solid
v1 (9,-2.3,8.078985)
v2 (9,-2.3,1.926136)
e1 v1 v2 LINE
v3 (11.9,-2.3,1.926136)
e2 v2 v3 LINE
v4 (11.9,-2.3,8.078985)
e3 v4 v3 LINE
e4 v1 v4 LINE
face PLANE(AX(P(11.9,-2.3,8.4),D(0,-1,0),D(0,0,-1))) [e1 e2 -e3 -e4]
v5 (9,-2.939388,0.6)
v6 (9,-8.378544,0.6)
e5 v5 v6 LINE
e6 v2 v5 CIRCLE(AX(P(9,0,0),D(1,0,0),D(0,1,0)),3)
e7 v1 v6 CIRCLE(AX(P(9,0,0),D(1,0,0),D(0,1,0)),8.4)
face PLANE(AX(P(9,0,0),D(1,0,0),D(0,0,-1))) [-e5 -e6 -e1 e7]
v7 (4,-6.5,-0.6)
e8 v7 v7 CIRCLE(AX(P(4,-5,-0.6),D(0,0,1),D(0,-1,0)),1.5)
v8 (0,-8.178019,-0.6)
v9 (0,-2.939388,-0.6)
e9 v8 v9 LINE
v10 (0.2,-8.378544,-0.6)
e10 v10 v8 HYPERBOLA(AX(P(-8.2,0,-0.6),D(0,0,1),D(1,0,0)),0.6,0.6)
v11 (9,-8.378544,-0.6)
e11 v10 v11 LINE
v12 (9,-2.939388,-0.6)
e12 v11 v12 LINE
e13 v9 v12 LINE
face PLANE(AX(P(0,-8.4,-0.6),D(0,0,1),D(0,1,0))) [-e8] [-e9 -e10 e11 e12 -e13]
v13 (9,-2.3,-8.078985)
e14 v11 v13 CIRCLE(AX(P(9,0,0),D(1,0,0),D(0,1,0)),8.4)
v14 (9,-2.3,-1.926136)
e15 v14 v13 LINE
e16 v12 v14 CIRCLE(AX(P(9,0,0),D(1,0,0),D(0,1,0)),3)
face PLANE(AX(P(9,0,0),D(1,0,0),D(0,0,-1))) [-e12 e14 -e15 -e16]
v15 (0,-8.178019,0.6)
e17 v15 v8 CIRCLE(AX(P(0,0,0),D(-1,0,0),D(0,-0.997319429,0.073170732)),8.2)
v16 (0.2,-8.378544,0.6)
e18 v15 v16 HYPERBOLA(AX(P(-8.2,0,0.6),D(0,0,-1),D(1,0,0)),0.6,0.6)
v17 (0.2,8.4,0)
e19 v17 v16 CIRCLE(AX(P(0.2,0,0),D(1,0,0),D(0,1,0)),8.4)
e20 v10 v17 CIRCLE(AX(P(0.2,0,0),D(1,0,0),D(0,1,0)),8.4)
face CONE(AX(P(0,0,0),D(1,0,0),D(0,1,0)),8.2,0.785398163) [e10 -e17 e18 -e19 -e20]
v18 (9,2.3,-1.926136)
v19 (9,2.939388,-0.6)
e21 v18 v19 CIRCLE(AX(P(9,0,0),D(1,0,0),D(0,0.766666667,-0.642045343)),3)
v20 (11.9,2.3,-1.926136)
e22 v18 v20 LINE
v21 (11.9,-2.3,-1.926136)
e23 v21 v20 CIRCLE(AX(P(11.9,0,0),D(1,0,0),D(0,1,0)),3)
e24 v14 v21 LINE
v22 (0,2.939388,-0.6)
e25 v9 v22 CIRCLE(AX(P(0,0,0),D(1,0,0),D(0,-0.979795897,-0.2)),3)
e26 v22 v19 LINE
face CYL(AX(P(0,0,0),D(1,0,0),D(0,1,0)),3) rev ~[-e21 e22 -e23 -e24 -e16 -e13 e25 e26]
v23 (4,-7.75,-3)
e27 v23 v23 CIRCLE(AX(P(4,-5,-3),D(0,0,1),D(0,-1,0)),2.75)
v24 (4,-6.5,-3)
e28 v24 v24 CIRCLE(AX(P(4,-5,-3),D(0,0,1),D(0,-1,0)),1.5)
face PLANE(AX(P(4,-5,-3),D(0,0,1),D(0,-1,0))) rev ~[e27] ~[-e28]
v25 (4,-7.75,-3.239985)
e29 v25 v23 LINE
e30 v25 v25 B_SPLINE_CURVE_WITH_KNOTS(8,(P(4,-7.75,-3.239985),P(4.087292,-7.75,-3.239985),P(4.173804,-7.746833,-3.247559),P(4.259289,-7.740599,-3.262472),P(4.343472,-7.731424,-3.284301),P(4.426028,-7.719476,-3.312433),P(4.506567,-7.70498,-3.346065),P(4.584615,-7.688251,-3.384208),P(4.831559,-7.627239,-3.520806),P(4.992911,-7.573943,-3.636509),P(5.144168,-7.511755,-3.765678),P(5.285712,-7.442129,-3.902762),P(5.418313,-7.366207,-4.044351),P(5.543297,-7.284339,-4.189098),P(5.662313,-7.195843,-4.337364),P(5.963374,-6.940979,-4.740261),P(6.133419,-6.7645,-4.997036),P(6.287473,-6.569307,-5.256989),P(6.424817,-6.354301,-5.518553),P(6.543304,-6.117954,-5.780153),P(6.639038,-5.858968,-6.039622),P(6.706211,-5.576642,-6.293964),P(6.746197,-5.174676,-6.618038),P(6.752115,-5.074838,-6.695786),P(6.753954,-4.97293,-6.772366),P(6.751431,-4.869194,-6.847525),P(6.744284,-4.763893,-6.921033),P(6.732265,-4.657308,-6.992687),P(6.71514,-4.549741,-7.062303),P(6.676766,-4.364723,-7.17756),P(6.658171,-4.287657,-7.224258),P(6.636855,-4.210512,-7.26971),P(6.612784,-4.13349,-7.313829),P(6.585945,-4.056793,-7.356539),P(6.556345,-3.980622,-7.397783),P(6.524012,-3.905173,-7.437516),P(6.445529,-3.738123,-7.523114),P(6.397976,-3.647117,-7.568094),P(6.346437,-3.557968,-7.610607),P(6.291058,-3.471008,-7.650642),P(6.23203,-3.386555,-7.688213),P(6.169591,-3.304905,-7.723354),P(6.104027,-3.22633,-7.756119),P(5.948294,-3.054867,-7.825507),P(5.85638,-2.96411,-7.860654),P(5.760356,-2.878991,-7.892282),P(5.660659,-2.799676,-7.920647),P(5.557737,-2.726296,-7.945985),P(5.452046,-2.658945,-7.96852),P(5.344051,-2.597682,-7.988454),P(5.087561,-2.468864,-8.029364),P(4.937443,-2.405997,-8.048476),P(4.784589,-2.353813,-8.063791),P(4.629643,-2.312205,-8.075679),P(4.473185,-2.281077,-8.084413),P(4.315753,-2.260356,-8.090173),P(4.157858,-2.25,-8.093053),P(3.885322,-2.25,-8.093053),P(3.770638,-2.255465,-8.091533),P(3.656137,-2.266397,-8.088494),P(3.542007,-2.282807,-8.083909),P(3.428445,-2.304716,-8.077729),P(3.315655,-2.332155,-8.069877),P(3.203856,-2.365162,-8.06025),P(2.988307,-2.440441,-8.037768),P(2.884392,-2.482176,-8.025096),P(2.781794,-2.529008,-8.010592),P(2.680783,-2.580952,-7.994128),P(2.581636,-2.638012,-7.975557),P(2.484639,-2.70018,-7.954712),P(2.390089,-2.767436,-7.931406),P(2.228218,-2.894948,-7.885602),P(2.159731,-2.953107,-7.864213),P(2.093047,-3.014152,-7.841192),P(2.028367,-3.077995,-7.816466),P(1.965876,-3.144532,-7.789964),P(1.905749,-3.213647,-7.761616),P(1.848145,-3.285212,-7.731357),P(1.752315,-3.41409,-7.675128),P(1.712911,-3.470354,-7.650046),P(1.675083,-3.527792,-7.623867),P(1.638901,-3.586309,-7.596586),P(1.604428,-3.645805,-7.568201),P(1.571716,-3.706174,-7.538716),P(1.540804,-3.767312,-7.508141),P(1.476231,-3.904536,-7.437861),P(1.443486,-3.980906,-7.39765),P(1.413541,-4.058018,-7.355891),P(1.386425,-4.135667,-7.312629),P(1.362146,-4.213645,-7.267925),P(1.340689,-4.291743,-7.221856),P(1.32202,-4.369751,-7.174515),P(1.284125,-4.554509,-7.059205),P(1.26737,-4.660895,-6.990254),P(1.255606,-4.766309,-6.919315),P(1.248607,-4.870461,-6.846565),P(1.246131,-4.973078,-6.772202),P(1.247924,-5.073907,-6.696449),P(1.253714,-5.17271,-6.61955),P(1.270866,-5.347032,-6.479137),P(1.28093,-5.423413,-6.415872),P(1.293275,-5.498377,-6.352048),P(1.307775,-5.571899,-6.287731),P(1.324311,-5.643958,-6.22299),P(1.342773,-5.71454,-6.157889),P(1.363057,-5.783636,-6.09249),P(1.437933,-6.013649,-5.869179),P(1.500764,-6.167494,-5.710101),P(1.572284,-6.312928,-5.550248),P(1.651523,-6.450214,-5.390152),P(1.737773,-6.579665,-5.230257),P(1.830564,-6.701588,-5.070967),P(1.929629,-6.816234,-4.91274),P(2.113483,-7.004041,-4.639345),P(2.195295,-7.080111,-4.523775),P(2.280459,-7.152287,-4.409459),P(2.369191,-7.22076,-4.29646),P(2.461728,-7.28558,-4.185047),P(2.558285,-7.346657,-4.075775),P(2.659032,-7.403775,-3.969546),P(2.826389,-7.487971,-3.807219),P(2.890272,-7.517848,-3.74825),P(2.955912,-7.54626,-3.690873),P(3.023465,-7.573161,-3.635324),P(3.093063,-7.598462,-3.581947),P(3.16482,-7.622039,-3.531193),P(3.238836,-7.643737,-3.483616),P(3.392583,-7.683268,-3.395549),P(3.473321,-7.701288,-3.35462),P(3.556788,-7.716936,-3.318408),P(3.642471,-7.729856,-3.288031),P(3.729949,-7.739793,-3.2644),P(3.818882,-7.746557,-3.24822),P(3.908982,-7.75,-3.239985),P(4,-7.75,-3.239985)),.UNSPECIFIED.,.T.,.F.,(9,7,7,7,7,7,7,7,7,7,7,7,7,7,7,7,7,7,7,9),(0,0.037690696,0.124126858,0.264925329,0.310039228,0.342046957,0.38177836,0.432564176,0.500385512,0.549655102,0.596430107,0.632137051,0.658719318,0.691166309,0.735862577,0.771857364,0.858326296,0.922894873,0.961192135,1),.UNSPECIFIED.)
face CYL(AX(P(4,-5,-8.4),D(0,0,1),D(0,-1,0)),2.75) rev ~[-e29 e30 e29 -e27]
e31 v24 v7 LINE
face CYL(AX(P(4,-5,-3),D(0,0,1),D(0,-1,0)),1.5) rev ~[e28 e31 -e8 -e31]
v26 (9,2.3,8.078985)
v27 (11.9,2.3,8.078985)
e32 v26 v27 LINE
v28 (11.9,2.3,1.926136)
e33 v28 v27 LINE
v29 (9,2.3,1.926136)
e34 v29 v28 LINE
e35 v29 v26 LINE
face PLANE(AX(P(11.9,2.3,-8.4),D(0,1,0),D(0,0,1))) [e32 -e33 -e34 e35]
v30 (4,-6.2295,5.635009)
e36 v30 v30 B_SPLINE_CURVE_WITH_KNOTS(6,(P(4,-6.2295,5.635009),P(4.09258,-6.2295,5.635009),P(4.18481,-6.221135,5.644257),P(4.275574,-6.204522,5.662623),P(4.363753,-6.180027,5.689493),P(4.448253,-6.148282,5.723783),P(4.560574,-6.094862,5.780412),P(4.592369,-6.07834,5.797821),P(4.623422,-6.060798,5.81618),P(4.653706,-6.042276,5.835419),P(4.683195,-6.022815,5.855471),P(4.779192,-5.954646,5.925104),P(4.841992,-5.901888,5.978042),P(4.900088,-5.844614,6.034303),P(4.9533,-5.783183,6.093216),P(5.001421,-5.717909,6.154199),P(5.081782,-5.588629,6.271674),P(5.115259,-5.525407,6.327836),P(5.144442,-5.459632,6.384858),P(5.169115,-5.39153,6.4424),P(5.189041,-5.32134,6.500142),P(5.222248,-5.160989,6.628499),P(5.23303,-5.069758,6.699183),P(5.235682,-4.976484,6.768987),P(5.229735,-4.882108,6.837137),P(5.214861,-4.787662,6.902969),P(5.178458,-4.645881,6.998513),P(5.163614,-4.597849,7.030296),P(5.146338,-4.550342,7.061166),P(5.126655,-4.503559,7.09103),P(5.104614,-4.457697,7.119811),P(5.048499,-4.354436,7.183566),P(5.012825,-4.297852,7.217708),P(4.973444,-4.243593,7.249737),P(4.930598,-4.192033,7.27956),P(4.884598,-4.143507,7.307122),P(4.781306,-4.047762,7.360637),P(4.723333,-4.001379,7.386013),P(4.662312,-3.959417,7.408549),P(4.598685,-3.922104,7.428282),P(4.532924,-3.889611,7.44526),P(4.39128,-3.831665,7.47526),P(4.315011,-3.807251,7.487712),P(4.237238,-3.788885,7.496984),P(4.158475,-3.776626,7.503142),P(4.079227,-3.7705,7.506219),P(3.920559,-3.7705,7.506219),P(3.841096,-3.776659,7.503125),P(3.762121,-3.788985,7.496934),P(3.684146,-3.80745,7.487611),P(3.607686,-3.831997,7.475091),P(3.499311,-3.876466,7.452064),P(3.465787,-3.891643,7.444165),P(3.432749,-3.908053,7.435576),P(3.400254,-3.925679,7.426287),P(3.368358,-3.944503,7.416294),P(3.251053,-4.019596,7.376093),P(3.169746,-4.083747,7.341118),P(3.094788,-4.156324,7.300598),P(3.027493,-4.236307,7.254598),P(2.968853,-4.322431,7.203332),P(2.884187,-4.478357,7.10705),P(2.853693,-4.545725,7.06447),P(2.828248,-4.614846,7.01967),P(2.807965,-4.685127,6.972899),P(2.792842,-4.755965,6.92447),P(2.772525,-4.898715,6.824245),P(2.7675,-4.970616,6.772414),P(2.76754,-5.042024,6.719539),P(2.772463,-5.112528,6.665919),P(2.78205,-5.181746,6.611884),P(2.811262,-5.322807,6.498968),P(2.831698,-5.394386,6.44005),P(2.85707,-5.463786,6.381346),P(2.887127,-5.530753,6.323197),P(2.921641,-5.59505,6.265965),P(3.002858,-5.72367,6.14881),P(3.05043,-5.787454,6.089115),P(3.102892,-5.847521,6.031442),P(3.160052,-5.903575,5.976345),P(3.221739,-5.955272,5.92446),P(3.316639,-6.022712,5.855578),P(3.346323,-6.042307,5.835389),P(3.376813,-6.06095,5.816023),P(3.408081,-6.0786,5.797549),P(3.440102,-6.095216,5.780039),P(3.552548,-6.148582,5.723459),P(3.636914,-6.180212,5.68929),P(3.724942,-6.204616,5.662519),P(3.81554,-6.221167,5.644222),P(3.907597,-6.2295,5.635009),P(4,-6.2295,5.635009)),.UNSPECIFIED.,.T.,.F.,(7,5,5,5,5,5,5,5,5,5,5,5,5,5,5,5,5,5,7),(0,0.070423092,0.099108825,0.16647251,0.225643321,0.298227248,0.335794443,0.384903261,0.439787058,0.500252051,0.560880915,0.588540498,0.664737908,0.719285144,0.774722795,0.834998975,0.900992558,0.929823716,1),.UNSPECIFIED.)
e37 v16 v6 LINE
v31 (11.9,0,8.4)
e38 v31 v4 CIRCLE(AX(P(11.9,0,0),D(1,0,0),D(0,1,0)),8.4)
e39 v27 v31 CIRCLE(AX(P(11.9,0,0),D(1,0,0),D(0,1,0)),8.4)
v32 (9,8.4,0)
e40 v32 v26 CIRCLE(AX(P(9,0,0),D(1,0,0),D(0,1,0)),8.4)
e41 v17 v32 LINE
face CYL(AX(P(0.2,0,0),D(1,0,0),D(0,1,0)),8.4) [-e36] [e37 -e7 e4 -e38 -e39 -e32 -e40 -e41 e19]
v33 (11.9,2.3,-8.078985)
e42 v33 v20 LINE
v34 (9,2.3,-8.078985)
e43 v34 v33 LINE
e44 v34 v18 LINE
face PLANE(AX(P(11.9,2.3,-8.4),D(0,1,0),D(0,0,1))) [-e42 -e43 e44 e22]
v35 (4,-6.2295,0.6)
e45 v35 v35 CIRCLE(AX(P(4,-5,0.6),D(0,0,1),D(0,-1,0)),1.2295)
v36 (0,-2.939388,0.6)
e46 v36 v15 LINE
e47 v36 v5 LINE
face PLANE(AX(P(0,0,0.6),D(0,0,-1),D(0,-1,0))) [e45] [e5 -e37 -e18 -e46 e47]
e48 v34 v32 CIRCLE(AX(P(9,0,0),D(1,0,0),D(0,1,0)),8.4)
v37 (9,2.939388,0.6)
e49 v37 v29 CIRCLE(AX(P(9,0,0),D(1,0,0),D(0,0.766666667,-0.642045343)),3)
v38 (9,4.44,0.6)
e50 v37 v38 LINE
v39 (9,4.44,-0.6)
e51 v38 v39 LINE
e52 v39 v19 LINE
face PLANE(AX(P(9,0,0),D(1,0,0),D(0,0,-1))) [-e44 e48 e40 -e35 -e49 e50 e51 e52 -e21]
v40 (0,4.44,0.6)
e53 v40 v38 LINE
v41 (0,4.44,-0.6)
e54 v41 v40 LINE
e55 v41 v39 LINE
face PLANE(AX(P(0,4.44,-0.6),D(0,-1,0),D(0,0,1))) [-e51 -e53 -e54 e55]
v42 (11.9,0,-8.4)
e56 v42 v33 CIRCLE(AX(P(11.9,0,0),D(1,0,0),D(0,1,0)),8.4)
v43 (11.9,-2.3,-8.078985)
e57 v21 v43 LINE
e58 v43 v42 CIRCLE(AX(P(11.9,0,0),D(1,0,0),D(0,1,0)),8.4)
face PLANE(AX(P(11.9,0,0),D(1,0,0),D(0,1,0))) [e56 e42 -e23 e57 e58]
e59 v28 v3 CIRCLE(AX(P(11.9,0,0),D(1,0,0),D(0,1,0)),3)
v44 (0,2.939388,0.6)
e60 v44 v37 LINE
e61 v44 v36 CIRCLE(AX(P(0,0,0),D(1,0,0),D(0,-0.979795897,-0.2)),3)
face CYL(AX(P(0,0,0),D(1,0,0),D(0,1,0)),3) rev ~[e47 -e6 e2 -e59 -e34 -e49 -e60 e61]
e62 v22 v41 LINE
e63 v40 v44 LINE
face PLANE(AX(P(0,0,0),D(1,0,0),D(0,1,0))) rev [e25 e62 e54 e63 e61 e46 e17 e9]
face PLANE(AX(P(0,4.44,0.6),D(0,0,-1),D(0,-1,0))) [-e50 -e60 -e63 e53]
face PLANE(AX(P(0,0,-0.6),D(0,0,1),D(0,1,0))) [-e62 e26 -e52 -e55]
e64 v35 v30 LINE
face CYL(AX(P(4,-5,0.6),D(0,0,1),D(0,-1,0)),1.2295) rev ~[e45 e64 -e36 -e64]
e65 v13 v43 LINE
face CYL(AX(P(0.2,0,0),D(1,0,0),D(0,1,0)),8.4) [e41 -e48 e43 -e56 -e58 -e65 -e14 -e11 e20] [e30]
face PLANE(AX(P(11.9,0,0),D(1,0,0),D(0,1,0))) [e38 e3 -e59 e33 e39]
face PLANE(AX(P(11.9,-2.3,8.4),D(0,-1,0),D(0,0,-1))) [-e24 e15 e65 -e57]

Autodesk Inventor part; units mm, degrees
sketch "Sketch_1" plane through (0, 0, 0) normal (0, 0, 1) x (1, 0, 0)
  line L0 (11.9, 0) -> (0, 0)
  line L1 (0, 0) -> (0, 8.2)
  line L2 (0, 8.2) -> (0.2, 8.4)
  line L3 (0.2, 8.4) -> (11.9, 8.4)
  line L4 (11.9, 8.4) -> (11.9, 0)
  line L5 (11.9, 0) -> (0, 0)
revolve "Revolution1" add sketch "Sketch_1" angle 360 about axis through (11.9, 0, 0) along (1, 0, 0)
sketch "Sketch_6" plane through (0, 0, 0) normal (1, 0, 0) x (0, 1, 0)
  line L0 (0, 0.6) -> (-8.4, 0.6)
  line L1 (-8.4, 0.6) -> (-8.4, -0.6)
  line L2 (-8.4, -0.6) -> (0, -0.6)
  line L3 (0, -0.6) -> (0, 0.6)
extrude "Extrusion1" cut sketch "Sketch_6" along normal blind 9
sketch "Sketch_7" plane through (4, 0, 0) normal (1, 0, 0) x (0, 0, -1)
  line L0 (-8.4, -5) -> (8.4, -5)
  line L1 (8.4, -5) -> (8.4, -7.75)
  line L2 (8.4, -7.75) -> (3, -7.75)
  line L3 (3, -7.75) -> (3, -6.5)
  line L4 (3, -6.5) -> (0.6, -6.5)
  line L5 (0.6, -6.5) -> (0.6, -5)
  line L6 (0.6, -5) -> (8.4, -5)
revolve "Revolution2" cut sketch "Sketch_7" angle 360 about axis through (4, -5, 8.4) along (0, 0, 1)
sketch "Sketch_13" plane through (4, 0, 0) normal (1, 0, 0) x (0, 0, -1)
  line L0 (-8.4, -5) -> (8.4, -5)
  line L1 (-0.6, -5) -> (-0.6, -6.2295)
  line L2 (-0.6, -6.2295) -> (-8.4, -6.2295)
  line L3 (-8.4, -6.2295) -> (-8.4, -5)
  line L4 (-8.4, -5) -> (-0.6, -5)
revolve "Revolution3" cut sketch "Sketch_13" angle 360 about axis through (4, -5, 8.4) along (0, 0, 1)
thread "Thread1" size "M3x0.5" class "6H" standard "ISO Metric profile" length 4.7207 offset 2.1855
sketch "Sketch_2" plane through (11.9, 0, 0) normal (1, 0, 0) x (0, 0, -1)
  line L0 (-9.4, 8.9) -> (-9.4, -8.9)
  line L1 (-9.4, -8.9) -> (9.4, -8.9)
  line L2 (9.4, -8.9) -> (9.4, 8.9)
  line L3 (9.4, 8.9) -> (-9.4, 8.9)
  line L4 (-8.4, 2.3) -> (-8.4, -2.3)
  line L5 (-8.4, -2.3) -> (8.4, -2.3)
  line L6 (8.4, -2.3) -> (8.4, 2.3)
  line L7 (8.4, 2.3) -> (-8.4, 2.3)
extrude "Extrusion2" cut sketch "Sketch_2" against normal blind 2.9
sketch "Sketch_3" plane through (0, 0, 0) normal (0, 0, 1) x (1, 0, 0)
  line L0 (11.9, 0) -> (0, 0)
  line L1 (0, 0) -> (0, 3)
  line L2 (0, 3) -> (11.9, 3)
  line L3 (11.9, 3) -> (11.9, 0)
  line L4 (11.9, 0) -> (0, 0)
revolve "Revolution4" cut sketch "Sketch_3" angle 360 about axis through (11.9, 0, 0) along (1, 0, 0)
sketch "Sketch_17" plane through (0, 0, 0) normal (1, 0, 0) x (0, 0, -1)
  line L0 (-0.6, 0) -> (0.6, 0)
  line L1 (0.6, 0) -> (0.6, 4.44)
  line L2 (0.6, 4.44) -> (-0.6, 4.44)
  line L3 (-0.6, 4.44) -> (-0.6, 0)
extrude "Extrusion3" cut sketch "Sketch_17" along normal blind 11.9
ref_plane "L_XY" through (12.2, 0, 0) normal (1, 0, 0) x (0, 0, -1)
ref_plane "L_YZ" through (12.2, 0, 0) normal (0, 0, -1) x (0, 1, 0)
ref_plane "L_ZX" through (12.2, 0, 0) normal (0, 1, 0) x (1, 0, 0)
ref_plane "screw_XY" through (4, -5, -3) normal (0, 0, -1) x (1, 0, 0)
ref_plane "screw_YZ" through (4, -5, -3) normal (1, 0, 0) x (0, -1, 0)
ref_plane "screw_ZX" through (4, -5, -3) normal (0, -1, 0) x (0, 0, -1)
properties part number "MCOC17-6_c"
